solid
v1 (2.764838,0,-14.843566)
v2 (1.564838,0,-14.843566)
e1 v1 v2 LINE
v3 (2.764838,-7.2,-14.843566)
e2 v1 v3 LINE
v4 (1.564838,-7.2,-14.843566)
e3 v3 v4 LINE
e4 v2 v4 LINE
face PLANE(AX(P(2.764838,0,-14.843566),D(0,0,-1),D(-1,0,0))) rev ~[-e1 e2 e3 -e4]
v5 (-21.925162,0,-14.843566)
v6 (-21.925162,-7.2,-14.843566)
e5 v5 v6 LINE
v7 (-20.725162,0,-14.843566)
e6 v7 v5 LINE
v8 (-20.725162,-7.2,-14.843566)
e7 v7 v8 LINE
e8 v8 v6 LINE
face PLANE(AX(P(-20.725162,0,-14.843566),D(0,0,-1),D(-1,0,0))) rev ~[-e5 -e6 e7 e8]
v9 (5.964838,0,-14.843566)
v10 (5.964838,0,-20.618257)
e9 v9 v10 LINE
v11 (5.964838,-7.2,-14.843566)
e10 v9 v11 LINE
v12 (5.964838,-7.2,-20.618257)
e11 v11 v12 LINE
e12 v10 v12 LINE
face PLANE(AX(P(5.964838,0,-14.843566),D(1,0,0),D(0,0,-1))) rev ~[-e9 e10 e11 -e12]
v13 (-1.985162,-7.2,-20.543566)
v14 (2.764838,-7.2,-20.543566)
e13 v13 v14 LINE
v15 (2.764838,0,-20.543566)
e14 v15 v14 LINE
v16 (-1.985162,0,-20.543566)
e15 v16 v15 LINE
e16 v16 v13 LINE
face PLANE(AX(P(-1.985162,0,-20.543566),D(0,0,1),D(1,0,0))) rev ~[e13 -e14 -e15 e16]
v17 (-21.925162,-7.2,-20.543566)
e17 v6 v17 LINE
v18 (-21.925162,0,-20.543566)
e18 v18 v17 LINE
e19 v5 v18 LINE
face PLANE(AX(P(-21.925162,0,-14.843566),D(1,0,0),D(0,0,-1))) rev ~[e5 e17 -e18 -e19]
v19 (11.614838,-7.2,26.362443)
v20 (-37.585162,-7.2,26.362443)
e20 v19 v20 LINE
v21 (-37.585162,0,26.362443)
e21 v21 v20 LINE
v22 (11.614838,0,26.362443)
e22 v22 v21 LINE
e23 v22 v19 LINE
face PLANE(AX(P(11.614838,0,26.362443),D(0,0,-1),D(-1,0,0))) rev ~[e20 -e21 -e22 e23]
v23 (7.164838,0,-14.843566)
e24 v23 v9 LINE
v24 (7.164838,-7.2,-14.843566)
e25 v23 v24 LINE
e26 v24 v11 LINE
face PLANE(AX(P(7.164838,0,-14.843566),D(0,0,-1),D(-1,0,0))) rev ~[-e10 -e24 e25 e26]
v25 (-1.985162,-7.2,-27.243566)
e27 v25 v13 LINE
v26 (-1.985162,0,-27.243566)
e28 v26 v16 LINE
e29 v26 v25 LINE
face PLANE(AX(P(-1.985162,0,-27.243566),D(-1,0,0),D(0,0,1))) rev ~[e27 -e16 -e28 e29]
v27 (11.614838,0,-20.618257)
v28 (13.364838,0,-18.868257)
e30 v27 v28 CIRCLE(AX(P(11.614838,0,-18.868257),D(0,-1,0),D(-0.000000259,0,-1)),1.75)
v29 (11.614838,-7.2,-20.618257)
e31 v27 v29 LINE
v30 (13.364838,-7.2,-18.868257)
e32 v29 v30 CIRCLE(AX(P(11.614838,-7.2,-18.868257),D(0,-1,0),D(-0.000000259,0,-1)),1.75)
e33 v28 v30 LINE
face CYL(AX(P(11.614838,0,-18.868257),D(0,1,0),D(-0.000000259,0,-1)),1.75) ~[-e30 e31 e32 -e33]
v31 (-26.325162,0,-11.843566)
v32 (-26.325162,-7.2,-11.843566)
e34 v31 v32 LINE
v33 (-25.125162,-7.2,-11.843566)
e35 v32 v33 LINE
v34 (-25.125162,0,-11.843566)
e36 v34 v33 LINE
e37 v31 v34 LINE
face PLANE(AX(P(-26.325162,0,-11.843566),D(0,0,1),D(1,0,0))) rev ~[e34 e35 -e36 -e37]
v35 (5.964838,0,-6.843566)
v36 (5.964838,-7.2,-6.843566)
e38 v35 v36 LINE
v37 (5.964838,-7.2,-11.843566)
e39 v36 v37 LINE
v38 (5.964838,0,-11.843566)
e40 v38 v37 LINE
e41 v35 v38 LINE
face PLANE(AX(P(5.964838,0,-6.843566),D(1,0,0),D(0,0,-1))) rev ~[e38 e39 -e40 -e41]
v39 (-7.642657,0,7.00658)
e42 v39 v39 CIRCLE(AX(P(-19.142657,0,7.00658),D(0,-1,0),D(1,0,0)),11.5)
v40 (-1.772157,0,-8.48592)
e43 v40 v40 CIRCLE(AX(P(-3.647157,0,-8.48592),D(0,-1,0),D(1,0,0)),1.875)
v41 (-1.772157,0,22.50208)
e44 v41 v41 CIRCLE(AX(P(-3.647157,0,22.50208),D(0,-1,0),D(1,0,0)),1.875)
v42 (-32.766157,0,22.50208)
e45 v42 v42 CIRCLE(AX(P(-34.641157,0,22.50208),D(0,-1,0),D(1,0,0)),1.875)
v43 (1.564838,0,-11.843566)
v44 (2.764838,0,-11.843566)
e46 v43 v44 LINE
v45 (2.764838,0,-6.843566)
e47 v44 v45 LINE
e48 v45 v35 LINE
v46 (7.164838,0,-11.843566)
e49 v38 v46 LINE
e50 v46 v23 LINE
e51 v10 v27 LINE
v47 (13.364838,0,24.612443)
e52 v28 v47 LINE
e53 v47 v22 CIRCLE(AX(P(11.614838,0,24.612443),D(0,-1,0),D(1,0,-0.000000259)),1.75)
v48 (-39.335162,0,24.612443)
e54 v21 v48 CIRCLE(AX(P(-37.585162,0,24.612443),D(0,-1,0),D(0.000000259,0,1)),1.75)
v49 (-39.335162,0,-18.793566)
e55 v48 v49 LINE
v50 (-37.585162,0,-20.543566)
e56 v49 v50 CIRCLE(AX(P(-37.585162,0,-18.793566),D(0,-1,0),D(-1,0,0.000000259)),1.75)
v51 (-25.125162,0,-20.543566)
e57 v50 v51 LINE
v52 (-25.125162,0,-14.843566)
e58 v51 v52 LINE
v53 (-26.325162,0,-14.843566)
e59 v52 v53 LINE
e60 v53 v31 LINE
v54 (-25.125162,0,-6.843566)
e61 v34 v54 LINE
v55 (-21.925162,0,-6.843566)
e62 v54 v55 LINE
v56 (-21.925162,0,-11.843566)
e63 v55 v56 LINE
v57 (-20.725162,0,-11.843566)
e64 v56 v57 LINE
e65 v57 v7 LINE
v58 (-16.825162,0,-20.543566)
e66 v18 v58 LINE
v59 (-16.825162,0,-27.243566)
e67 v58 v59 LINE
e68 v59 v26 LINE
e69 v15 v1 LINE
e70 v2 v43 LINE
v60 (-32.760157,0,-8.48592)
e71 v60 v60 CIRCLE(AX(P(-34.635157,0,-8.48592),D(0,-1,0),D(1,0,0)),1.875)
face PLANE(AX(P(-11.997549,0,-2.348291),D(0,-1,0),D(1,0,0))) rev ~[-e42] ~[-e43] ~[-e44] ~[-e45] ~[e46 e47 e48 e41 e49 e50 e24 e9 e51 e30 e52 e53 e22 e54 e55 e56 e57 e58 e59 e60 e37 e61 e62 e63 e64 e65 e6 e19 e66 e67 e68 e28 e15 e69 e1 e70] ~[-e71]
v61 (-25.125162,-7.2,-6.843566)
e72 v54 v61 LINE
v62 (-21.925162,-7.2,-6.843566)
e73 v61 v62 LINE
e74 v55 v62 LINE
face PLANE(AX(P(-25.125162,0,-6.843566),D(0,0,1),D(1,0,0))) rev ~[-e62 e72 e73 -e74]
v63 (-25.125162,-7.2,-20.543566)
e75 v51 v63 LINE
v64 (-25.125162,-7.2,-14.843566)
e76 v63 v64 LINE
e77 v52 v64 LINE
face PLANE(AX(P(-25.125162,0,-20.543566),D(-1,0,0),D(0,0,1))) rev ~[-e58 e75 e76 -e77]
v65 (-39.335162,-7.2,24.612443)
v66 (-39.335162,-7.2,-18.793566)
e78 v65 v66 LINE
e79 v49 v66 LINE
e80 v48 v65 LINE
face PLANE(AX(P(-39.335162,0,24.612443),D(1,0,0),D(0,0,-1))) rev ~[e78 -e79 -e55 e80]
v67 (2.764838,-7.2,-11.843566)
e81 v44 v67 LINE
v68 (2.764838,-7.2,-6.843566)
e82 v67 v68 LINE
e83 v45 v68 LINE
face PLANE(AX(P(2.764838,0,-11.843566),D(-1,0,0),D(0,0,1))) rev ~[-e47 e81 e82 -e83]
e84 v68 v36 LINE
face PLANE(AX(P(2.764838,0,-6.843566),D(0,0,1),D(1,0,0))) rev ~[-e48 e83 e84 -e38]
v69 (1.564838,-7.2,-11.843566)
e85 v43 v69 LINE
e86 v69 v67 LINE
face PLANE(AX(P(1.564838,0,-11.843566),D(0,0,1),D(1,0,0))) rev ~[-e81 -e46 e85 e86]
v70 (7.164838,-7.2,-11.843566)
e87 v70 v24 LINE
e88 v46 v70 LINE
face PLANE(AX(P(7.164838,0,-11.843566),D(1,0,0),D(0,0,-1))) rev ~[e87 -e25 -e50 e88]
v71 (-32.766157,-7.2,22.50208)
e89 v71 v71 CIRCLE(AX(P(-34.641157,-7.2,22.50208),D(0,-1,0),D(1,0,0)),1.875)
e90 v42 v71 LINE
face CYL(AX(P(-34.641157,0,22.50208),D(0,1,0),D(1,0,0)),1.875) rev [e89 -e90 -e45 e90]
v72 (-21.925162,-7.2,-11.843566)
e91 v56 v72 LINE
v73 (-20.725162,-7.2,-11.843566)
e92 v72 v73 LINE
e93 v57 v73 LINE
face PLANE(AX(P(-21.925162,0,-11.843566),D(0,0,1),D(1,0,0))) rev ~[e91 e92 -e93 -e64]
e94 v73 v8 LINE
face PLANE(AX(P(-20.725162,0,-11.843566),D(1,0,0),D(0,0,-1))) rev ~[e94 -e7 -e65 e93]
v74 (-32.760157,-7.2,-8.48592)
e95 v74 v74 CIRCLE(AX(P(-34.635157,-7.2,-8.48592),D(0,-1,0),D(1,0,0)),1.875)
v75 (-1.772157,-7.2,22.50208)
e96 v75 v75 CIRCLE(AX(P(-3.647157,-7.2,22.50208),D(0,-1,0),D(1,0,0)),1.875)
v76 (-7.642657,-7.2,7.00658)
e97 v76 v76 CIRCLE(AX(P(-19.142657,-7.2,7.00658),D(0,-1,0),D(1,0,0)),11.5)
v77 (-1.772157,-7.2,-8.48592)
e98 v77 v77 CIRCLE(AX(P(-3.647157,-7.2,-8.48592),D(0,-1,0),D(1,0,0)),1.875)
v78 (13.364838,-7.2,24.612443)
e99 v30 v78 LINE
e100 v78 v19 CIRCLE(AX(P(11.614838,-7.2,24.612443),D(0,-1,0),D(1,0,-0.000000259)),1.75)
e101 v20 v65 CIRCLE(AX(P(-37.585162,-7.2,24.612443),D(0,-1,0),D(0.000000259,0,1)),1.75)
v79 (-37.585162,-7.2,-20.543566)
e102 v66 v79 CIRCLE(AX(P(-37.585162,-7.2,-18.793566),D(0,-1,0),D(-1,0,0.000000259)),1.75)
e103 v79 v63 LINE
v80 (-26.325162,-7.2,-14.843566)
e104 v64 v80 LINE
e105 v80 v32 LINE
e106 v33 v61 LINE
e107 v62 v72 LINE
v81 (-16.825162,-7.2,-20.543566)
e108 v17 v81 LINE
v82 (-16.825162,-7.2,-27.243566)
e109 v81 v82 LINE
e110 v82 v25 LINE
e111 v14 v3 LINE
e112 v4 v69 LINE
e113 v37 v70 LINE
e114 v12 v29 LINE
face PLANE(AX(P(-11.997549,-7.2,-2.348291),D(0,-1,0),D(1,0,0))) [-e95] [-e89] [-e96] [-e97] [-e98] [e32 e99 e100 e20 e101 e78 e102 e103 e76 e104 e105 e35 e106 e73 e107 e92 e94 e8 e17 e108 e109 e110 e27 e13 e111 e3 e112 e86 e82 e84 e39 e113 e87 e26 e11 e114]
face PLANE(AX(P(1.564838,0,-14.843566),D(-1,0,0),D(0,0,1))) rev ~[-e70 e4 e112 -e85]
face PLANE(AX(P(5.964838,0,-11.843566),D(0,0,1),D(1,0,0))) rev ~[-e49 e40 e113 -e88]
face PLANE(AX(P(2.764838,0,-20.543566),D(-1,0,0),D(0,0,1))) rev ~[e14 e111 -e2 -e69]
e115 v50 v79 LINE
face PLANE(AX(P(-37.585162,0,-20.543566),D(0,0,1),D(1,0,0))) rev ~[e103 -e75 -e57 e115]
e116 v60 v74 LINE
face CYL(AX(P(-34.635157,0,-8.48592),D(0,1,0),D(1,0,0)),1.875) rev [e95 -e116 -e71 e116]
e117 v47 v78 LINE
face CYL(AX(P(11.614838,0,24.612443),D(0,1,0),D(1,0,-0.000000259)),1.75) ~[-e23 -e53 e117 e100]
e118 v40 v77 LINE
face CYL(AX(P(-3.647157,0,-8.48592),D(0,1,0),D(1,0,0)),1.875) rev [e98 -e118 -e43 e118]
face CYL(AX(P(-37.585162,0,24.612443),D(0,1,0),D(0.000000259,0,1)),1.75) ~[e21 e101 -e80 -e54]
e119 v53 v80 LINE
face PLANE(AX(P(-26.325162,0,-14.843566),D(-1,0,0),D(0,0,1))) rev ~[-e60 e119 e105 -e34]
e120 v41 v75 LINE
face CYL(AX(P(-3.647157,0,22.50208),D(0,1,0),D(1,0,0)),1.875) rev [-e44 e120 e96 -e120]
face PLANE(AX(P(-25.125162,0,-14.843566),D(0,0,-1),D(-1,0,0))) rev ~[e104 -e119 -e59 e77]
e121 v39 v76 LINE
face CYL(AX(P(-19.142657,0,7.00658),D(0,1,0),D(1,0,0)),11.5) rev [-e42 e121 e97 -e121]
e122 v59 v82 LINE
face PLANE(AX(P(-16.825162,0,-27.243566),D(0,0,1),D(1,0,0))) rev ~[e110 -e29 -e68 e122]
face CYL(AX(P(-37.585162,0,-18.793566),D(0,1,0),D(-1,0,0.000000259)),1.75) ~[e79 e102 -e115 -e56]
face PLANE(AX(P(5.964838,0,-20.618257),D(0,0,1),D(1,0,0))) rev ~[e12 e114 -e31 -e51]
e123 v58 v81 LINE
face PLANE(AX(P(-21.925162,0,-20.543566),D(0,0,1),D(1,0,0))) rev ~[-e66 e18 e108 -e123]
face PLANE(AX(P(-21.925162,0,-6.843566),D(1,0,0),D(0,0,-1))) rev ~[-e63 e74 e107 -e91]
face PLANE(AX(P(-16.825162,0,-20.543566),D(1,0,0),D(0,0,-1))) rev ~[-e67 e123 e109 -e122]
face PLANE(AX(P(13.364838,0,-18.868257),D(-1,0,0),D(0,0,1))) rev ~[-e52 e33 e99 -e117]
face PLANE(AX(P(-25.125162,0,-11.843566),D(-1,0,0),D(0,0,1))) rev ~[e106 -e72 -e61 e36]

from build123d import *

# Parameters (mm, degrees)
F0_R     = 1.875
F0_R_2   = 11.5
F1_DEPTH = 7.2


with BuildPart() as f1:
    # F0 (on Front) → F1 (new body)
    with BuildSketch(Plane.XZ):
        with BuildLine():
            Line((-39.335162, 24.612443), (-39.335162, -7.034067))
            Line((-39.335162, -7.034067), (-39.335162, -18.793566))
            ThreePointArc((-39.335162, -18.793566), (-38.822599, -20.031003), (-37.585162, -20.543566))
            Line((-37.585162, -20.543566), (-25.125162, -20.543566))
            Line((-25.125162, -20.543566), (-25.125162, -14.843566))
            Line((-25.125162, -14.843566), (-26.325162, -14.843566))
            Line((-26.325162, -14.843566), (-26.325162, -11.843566))
            Line((-26.325162, -11.843566), (-25.125162, -11.843566))
            Line((-25.125162, -11.843566), (-25.125162, -6.843566))
            Line((-25.125162, -6.843566), (-21.925162, -6.843566))
            Line((-21.925162, -6.843566), (-21.925162, -11.843566))
            Line((-21.925162, -11.843566), (-20.725162, -11.843566))
            Line((-20.725162, -11.843566), (-20.725162, -14.843566))
            Line((-20.725162, -14.843566), (-21.925162, -14.843566))
            Line((-21.925162, -14.843566), (-21.925162, -20.543566))
            Line((-21.925162, -20.543566), (-16.825162, -20.543566))
            Line((-16.825162, -20.543566), (-16.825162, -27.243566))
            Line((-16.825162, -27.243566), (-1.985162, -27.243566))
            Line((-1.985162, -27.243566), (-1.985162, -20.543566))
            Line((-1.985162, -20.543566), (2.764838, -20.543566))
            Line((2.764838, -20.543566), (2.764838, -14.843566))
            Line((2.764838, -14.843566), (1.564838, -14.843566))
            Line((1.564838, -14.843566), (1.564838, -11.843566))
            Line((1.564838, -11.843566), (2.764838, -11.843566))
            Line((2.764838, -11.843566), (2.764838, -6.843566))
            Line((2.764838, -6.843566), (5.964838, -6.843566))
            Line((5.964838, -6.843566), (5.964838, -11.843566))
            Line((5.964838, -11.843566), (7.164838, -11.843566))
            Line((7.164838, -11.843566), (7.164838, -14.843566))
            Line((7.164838, -14.843566), (5.964838, -14.843566))
            Line((5.964838, -14.843566), (5.964838, -20.618257))
            Line((5.964838, -20.618257), (11.614838, -20.618257))
            ThreePointArc((11.614838, -20.618257), (12.852275, -20.105694), (13.364838, -18.868257))
            Line((13.364838, -18.868257), (13.364838, 24.612443))
            ThreePointArc((13.364838, 24.612443), (12.852275, 25.84988), (11.614838, 26.362443))
            Line((11.614838, 26.362443), (-37.585162, 26.362443))
            ThreePointArc((-37.585162, 26.362443), (-38.822599, 25.84988), (-39.335162, 24.612443))
        make_face()
        with Locations((-34.635157, -8.48592)):
            Circle(F0_R, mode=Mode.SUBTRACT)
        with Locations((-3.647157, -8.48592)):
            Circle(F0_R, mode=Mode.SUBTRACT)
        with Locations((-19.142657, 7.00658)):
            Circle(F0_R_2, mode=Mode.SUBTRACT)
        with Locations((-34.641157, 22.50208)):
            Circle(F0_R, mode=Mode.SUBTRACT)
        with Locations((-3.647157, 22.50208)):
            Circle(F0_R, mode=Mode.SUBTRACT)
    extrude(amount=F1_DEPTH)


solid = f1.part
